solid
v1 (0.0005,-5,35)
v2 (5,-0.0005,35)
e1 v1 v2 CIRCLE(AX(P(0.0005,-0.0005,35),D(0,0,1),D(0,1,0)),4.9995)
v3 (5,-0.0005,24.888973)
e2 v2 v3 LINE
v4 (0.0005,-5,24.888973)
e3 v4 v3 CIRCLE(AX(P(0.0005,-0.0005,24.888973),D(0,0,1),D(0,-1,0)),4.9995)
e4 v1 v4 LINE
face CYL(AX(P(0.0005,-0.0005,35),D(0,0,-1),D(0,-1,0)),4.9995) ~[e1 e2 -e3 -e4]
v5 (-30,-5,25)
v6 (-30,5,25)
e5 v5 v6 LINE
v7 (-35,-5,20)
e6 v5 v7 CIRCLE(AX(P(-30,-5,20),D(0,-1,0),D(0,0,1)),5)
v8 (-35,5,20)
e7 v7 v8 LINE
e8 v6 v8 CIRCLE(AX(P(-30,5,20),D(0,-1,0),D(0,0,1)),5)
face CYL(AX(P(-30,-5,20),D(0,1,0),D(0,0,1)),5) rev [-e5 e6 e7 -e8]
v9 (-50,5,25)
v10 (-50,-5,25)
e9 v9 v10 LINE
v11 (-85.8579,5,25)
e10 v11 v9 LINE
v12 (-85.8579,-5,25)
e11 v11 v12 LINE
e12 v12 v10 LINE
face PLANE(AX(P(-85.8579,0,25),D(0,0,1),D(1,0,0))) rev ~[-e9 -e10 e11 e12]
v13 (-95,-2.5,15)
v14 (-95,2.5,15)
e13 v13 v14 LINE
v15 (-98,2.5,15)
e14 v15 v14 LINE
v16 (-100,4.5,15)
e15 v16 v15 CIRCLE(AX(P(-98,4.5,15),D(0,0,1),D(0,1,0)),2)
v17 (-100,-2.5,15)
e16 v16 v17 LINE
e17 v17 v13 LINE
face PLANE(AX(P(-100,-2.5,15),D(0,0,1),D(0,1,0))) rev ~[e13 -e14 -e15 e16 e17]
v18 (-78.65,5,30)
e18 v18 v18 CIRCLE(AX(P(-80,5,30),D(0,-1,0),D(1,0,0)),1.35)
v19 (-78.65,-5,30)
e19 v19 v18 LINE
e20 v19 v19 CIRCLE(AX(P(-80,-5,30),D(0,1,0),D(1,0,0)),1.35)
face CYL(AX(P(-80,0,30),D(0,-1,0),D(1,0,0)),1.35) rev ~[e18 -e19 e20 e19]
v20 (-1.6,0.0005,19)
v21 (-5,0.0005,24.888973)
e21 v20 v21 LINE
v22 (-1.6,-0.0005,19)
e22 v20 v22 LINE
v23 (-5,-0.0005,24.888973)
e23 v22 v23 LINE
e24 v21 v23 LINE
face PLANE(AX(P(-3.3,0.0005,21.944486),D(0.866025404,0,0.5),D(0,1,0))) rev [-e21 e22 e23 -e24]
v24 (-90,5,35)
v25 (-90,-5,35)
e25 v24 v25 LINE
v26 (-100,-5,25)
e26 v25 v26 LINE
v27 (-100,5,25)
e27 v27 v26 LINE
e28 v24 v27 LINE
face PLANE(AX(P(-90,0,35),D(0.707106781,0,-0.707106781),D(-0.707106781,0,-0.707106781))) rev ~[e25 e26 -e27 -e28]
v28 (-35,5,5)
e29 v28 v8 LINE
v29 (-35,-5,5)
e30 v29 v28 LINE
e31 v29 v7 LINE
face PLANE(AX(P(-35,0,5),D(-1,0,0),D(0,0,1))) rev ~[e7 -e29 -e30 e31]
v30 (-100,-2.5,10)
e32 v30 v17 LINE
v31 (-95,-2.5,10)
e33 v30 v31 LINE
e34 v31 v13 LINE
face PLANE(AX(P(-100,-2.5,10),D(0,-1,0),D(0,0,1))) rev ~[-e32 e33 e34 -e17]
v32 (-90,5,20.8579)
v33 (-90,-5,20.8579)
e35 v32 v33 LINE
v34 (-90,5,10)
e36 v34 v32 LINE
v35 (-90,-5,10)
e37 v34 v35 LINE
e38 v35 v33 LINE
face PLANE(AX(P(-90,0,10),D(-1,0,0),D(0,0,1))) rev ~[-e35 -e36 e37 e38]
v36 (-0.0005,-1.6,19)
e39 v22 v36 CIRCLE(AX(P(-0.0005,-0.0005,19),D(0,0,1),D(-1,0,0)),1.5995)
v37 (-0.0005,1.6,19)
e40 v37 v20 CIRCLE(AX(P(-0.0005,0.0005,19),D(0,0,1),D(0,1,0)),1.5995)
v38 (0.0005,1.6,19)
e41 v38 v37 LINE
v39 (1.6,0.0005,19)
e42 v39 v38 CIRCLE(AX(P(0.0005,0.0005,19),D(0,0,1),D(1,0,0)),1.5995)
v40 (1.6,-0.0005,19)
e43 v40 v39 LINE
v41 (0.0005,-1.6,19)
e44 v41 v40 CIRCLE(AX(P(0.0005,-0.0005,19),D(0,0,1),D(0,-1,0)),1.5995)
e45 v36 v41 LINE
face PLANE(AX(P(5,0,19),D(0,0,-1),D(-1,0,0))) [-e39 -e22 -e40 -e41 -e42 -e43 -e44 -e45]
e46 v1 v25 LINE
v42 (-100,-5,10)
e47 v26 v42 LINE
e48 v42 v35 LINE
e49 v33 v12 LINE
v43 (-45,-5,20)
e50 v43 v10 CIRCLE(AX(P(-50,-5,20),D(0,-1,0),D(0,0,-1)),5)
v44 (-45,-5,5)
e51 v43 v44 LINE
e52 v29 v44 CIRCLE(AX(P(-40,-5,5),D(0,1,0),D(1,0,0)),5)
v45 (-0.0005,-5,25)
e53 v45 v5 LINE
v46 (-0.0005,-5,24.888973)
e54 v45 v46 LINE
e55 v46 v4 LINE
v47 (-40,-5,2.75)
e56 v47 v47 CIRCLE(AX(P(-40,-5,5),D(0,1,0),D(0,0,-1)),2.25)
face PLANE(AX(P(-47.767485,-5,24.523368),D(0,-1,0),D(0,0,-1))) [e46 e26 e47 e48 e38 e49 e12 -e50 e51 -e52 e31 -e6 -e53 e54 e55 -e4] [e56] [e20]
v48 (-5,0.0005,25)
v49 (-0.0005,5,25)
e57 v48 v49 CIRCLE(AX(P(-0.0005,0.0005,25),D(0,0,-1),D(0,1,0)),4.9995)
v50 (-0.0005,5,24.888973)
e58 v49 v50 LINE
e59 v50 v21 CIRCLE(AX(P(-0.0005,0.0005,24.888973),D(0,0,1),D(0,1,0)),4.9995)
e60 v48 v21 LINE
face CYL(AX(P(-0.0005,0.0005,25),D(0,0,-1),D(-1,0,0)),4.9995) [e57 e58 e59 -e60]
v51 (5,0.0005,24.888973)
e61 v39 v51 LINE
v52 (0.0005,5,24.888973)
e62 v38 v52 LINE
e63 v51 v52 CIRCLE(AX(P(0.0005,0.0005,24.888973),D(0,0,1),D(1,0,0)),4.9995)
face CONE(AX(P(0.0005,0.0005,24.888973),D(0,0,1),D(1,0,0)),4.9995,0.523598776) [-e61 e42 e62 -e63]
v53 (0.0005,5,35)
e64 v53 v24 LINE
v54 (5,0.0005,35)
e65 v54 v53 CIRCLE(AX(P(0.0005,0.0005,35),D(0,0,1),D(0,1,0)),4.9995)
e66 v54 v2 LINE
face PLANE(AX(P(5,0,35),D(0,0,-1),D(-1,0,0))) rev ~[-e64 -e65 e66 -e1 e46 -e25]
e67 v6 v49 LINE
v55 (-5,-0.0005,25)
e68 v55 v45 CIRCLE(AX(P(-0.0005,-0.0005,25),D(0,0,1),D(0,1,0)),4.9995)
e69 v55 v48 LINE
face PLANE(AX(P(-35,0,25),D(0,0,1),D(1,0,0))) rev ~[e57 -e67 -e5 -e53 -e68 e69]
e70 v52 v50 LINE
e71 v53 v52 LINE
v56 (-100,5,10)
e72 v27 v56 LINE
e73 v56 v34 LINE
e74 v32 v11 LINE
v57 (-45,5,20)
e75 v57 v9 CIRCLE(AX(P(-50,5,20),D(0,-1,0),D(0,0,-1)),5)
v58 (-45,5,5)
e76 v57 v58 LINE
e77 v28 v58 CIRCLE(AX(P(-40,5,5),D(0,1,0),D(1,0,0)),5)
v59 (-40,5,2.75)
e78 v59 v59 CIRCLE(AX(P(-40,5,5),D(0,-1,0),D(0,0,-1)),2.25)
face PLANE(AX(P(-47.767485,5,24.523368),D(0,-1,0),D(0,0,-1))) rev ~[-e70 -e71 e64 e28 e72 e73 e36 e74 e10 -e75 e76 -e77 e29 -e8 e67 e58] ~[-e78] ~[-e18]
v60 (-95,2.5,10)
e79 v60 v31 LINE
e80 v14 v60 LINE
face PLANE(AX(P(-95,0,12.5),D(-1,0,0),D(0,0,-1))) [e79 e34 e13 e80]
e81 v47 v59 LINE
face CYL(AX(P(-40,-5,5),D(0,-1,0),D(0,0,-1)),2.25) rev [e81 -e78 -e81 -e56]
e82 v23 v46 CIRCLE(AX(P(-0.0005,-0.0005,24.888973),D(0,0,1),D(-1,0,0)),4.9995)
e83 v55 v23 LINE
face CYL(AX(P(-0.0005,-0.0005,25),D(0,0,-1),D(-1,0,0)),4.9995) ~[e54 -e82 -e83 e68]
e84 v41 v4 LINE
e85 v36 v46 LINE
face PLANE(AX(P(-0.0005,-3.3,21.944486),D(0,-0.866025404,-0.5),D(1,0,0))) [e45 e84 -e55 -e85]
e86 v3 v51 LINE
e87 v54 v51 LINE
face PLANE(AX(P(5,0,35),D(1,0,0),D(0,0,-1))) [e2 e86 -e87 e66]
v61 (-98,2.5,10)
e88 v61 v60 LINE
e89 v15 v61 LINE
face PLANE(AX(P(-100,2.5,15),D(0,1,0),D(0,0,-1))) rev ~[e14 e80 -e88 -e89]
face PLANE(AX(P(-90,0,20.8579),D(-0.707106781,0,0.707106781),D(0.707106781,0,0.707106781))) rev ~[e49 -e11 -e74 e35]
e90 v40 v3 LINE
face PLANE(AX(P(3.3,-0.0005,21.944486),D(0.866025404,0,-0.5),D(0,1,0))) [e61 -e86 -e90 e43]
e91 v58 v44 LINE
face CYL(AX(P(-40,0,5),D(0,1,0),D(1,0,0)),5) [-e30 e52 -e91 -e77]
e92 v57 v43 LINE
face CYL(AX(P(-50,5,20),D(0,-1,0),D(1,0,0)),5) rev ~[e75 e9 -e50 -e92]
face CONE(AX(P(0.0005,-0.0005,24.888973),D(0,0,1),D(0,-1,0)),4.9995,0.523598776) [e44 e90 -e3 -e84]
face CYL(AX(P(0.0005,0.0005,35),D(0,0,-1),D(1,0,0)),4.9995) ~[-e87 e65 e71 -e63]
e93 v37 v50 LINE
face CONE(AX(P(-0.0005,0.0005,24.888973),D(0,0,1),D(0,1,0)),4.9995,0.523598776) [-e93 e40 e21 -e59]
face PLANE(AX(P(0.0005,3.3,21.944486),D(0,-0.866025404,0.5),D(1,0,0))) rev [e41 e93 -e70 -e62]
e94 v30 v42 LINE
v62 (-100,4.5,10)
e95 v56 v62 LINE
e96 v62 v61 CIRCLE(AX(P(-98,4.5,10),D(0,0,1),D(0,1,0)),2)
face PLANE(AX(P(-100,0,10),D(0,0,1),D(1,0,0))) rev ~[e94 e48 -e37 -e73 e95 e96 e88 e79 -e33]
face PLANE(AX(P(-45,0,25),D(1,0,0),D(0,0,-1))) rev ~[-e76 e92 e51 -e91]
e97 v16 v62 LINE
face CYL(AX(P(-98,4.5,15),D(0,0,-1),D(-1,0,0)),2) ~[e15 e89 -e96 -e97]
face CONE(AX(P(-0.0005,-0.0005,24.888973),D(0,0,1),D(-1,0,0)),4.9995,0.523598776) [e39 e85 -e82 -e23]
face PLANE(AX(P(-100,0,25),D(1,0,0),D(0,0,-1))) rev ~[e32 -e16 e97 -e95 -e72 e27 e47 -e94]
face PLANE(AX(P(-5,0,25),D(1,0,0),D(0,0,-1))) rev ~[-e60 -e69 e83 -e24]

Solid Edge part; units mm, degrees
sketch "Sketch1" plane through (0, 0, 0) normal (0, -1, 0) x (1, 0, 0)
  line L0 (-5, 25) -> (-5, 19)
  line L1 (5, 19) -> (-5, 19)
  line L2 (5, 35) -> (5, 19)
  line L3 (5, 35) -> (-90, 35)
  line L4 (-90, 35) -> (-100, 25)
  line L5 (-100, 25) -> (-100, 10)
  line L6 (-100, 10) -> (-90, 10)
  line L7 (-90, 10) -> (-90, 20.8579)
  line L8 (-90, 20.8579) -> (-85.8579, 25)
  line L9 (-85.8579, 25) -> (-45, 25)
  line L10 (-45, 25) -> (-45, 5)
  arc A0 (-35, 5) -> (-45, 5) centre (-40, 5) cw
  line L11 (-35, 5) -> (-35, 25)
  line L12 (-35, 25) -> (-5, 25)
  dimension "D1" = 10
  dimension "D2" = 10
  dimension "D3" = 10
  dimension "D4" = 10
  dimension "D5" = 100
  dimension "D6" = 19
  dimension "D7" = 30
  dimension "D8" = 10
  dimension "D9" = 5
extrude "Protrusion1" add sketch "Sketch1" along normal mid plane 10
fillet "Round_1" radius 5 4 edges at (-5, -5, 22) (-5, 5, 22) (5, 5, 27) (5, -5, 27)
sketch "Sketch2" plane through (0, 0, 0) normal (0, -1, 0) x (1, 0, 0)
  circle A0 centre (-80, 30) radius 1.35
  dimension "D1" = 30
  dimension "D2" = 80
extrude "ExtrudedCutout_3" cut sketch "Sketch2" along normal mid plane 29.2691
sketch "Sketch3" plane through (-100, 0, 15) normal (-1, 0, 0) x (0, 0, -1)
  line L0 (5, 2.5) -> (0, 2.5)
  line L1 (0, 2.5) -> (0, -2.5)
  line L2 (0, -2.5) -> (5, -2.5)
  line L3 (5, -2.5) -> (5, 2.5)
  dimension "D1" = 5
  dimension "D2" = 5
extrude "ExtrudedCutout_4" cut sketch "Sketch3" against normal blind 5
fillet "Round_6" radius 2 1 edges at (-100, 2.5, 12.5)
hole "Hole_1" at (-40, -5, 5) direction (0, 1, 0) diameter 4.5 end up to next
fillet "Round_7" radius 5 2 edges at (-45, 0, 25) (-35, 0, 25)
chamfer "Chamfer_4" distance 3.4 angle 60 1 edges at (-5, 0, 19) measured on face at (3.4333, -3.2333, 19)
properties material "PVC"
